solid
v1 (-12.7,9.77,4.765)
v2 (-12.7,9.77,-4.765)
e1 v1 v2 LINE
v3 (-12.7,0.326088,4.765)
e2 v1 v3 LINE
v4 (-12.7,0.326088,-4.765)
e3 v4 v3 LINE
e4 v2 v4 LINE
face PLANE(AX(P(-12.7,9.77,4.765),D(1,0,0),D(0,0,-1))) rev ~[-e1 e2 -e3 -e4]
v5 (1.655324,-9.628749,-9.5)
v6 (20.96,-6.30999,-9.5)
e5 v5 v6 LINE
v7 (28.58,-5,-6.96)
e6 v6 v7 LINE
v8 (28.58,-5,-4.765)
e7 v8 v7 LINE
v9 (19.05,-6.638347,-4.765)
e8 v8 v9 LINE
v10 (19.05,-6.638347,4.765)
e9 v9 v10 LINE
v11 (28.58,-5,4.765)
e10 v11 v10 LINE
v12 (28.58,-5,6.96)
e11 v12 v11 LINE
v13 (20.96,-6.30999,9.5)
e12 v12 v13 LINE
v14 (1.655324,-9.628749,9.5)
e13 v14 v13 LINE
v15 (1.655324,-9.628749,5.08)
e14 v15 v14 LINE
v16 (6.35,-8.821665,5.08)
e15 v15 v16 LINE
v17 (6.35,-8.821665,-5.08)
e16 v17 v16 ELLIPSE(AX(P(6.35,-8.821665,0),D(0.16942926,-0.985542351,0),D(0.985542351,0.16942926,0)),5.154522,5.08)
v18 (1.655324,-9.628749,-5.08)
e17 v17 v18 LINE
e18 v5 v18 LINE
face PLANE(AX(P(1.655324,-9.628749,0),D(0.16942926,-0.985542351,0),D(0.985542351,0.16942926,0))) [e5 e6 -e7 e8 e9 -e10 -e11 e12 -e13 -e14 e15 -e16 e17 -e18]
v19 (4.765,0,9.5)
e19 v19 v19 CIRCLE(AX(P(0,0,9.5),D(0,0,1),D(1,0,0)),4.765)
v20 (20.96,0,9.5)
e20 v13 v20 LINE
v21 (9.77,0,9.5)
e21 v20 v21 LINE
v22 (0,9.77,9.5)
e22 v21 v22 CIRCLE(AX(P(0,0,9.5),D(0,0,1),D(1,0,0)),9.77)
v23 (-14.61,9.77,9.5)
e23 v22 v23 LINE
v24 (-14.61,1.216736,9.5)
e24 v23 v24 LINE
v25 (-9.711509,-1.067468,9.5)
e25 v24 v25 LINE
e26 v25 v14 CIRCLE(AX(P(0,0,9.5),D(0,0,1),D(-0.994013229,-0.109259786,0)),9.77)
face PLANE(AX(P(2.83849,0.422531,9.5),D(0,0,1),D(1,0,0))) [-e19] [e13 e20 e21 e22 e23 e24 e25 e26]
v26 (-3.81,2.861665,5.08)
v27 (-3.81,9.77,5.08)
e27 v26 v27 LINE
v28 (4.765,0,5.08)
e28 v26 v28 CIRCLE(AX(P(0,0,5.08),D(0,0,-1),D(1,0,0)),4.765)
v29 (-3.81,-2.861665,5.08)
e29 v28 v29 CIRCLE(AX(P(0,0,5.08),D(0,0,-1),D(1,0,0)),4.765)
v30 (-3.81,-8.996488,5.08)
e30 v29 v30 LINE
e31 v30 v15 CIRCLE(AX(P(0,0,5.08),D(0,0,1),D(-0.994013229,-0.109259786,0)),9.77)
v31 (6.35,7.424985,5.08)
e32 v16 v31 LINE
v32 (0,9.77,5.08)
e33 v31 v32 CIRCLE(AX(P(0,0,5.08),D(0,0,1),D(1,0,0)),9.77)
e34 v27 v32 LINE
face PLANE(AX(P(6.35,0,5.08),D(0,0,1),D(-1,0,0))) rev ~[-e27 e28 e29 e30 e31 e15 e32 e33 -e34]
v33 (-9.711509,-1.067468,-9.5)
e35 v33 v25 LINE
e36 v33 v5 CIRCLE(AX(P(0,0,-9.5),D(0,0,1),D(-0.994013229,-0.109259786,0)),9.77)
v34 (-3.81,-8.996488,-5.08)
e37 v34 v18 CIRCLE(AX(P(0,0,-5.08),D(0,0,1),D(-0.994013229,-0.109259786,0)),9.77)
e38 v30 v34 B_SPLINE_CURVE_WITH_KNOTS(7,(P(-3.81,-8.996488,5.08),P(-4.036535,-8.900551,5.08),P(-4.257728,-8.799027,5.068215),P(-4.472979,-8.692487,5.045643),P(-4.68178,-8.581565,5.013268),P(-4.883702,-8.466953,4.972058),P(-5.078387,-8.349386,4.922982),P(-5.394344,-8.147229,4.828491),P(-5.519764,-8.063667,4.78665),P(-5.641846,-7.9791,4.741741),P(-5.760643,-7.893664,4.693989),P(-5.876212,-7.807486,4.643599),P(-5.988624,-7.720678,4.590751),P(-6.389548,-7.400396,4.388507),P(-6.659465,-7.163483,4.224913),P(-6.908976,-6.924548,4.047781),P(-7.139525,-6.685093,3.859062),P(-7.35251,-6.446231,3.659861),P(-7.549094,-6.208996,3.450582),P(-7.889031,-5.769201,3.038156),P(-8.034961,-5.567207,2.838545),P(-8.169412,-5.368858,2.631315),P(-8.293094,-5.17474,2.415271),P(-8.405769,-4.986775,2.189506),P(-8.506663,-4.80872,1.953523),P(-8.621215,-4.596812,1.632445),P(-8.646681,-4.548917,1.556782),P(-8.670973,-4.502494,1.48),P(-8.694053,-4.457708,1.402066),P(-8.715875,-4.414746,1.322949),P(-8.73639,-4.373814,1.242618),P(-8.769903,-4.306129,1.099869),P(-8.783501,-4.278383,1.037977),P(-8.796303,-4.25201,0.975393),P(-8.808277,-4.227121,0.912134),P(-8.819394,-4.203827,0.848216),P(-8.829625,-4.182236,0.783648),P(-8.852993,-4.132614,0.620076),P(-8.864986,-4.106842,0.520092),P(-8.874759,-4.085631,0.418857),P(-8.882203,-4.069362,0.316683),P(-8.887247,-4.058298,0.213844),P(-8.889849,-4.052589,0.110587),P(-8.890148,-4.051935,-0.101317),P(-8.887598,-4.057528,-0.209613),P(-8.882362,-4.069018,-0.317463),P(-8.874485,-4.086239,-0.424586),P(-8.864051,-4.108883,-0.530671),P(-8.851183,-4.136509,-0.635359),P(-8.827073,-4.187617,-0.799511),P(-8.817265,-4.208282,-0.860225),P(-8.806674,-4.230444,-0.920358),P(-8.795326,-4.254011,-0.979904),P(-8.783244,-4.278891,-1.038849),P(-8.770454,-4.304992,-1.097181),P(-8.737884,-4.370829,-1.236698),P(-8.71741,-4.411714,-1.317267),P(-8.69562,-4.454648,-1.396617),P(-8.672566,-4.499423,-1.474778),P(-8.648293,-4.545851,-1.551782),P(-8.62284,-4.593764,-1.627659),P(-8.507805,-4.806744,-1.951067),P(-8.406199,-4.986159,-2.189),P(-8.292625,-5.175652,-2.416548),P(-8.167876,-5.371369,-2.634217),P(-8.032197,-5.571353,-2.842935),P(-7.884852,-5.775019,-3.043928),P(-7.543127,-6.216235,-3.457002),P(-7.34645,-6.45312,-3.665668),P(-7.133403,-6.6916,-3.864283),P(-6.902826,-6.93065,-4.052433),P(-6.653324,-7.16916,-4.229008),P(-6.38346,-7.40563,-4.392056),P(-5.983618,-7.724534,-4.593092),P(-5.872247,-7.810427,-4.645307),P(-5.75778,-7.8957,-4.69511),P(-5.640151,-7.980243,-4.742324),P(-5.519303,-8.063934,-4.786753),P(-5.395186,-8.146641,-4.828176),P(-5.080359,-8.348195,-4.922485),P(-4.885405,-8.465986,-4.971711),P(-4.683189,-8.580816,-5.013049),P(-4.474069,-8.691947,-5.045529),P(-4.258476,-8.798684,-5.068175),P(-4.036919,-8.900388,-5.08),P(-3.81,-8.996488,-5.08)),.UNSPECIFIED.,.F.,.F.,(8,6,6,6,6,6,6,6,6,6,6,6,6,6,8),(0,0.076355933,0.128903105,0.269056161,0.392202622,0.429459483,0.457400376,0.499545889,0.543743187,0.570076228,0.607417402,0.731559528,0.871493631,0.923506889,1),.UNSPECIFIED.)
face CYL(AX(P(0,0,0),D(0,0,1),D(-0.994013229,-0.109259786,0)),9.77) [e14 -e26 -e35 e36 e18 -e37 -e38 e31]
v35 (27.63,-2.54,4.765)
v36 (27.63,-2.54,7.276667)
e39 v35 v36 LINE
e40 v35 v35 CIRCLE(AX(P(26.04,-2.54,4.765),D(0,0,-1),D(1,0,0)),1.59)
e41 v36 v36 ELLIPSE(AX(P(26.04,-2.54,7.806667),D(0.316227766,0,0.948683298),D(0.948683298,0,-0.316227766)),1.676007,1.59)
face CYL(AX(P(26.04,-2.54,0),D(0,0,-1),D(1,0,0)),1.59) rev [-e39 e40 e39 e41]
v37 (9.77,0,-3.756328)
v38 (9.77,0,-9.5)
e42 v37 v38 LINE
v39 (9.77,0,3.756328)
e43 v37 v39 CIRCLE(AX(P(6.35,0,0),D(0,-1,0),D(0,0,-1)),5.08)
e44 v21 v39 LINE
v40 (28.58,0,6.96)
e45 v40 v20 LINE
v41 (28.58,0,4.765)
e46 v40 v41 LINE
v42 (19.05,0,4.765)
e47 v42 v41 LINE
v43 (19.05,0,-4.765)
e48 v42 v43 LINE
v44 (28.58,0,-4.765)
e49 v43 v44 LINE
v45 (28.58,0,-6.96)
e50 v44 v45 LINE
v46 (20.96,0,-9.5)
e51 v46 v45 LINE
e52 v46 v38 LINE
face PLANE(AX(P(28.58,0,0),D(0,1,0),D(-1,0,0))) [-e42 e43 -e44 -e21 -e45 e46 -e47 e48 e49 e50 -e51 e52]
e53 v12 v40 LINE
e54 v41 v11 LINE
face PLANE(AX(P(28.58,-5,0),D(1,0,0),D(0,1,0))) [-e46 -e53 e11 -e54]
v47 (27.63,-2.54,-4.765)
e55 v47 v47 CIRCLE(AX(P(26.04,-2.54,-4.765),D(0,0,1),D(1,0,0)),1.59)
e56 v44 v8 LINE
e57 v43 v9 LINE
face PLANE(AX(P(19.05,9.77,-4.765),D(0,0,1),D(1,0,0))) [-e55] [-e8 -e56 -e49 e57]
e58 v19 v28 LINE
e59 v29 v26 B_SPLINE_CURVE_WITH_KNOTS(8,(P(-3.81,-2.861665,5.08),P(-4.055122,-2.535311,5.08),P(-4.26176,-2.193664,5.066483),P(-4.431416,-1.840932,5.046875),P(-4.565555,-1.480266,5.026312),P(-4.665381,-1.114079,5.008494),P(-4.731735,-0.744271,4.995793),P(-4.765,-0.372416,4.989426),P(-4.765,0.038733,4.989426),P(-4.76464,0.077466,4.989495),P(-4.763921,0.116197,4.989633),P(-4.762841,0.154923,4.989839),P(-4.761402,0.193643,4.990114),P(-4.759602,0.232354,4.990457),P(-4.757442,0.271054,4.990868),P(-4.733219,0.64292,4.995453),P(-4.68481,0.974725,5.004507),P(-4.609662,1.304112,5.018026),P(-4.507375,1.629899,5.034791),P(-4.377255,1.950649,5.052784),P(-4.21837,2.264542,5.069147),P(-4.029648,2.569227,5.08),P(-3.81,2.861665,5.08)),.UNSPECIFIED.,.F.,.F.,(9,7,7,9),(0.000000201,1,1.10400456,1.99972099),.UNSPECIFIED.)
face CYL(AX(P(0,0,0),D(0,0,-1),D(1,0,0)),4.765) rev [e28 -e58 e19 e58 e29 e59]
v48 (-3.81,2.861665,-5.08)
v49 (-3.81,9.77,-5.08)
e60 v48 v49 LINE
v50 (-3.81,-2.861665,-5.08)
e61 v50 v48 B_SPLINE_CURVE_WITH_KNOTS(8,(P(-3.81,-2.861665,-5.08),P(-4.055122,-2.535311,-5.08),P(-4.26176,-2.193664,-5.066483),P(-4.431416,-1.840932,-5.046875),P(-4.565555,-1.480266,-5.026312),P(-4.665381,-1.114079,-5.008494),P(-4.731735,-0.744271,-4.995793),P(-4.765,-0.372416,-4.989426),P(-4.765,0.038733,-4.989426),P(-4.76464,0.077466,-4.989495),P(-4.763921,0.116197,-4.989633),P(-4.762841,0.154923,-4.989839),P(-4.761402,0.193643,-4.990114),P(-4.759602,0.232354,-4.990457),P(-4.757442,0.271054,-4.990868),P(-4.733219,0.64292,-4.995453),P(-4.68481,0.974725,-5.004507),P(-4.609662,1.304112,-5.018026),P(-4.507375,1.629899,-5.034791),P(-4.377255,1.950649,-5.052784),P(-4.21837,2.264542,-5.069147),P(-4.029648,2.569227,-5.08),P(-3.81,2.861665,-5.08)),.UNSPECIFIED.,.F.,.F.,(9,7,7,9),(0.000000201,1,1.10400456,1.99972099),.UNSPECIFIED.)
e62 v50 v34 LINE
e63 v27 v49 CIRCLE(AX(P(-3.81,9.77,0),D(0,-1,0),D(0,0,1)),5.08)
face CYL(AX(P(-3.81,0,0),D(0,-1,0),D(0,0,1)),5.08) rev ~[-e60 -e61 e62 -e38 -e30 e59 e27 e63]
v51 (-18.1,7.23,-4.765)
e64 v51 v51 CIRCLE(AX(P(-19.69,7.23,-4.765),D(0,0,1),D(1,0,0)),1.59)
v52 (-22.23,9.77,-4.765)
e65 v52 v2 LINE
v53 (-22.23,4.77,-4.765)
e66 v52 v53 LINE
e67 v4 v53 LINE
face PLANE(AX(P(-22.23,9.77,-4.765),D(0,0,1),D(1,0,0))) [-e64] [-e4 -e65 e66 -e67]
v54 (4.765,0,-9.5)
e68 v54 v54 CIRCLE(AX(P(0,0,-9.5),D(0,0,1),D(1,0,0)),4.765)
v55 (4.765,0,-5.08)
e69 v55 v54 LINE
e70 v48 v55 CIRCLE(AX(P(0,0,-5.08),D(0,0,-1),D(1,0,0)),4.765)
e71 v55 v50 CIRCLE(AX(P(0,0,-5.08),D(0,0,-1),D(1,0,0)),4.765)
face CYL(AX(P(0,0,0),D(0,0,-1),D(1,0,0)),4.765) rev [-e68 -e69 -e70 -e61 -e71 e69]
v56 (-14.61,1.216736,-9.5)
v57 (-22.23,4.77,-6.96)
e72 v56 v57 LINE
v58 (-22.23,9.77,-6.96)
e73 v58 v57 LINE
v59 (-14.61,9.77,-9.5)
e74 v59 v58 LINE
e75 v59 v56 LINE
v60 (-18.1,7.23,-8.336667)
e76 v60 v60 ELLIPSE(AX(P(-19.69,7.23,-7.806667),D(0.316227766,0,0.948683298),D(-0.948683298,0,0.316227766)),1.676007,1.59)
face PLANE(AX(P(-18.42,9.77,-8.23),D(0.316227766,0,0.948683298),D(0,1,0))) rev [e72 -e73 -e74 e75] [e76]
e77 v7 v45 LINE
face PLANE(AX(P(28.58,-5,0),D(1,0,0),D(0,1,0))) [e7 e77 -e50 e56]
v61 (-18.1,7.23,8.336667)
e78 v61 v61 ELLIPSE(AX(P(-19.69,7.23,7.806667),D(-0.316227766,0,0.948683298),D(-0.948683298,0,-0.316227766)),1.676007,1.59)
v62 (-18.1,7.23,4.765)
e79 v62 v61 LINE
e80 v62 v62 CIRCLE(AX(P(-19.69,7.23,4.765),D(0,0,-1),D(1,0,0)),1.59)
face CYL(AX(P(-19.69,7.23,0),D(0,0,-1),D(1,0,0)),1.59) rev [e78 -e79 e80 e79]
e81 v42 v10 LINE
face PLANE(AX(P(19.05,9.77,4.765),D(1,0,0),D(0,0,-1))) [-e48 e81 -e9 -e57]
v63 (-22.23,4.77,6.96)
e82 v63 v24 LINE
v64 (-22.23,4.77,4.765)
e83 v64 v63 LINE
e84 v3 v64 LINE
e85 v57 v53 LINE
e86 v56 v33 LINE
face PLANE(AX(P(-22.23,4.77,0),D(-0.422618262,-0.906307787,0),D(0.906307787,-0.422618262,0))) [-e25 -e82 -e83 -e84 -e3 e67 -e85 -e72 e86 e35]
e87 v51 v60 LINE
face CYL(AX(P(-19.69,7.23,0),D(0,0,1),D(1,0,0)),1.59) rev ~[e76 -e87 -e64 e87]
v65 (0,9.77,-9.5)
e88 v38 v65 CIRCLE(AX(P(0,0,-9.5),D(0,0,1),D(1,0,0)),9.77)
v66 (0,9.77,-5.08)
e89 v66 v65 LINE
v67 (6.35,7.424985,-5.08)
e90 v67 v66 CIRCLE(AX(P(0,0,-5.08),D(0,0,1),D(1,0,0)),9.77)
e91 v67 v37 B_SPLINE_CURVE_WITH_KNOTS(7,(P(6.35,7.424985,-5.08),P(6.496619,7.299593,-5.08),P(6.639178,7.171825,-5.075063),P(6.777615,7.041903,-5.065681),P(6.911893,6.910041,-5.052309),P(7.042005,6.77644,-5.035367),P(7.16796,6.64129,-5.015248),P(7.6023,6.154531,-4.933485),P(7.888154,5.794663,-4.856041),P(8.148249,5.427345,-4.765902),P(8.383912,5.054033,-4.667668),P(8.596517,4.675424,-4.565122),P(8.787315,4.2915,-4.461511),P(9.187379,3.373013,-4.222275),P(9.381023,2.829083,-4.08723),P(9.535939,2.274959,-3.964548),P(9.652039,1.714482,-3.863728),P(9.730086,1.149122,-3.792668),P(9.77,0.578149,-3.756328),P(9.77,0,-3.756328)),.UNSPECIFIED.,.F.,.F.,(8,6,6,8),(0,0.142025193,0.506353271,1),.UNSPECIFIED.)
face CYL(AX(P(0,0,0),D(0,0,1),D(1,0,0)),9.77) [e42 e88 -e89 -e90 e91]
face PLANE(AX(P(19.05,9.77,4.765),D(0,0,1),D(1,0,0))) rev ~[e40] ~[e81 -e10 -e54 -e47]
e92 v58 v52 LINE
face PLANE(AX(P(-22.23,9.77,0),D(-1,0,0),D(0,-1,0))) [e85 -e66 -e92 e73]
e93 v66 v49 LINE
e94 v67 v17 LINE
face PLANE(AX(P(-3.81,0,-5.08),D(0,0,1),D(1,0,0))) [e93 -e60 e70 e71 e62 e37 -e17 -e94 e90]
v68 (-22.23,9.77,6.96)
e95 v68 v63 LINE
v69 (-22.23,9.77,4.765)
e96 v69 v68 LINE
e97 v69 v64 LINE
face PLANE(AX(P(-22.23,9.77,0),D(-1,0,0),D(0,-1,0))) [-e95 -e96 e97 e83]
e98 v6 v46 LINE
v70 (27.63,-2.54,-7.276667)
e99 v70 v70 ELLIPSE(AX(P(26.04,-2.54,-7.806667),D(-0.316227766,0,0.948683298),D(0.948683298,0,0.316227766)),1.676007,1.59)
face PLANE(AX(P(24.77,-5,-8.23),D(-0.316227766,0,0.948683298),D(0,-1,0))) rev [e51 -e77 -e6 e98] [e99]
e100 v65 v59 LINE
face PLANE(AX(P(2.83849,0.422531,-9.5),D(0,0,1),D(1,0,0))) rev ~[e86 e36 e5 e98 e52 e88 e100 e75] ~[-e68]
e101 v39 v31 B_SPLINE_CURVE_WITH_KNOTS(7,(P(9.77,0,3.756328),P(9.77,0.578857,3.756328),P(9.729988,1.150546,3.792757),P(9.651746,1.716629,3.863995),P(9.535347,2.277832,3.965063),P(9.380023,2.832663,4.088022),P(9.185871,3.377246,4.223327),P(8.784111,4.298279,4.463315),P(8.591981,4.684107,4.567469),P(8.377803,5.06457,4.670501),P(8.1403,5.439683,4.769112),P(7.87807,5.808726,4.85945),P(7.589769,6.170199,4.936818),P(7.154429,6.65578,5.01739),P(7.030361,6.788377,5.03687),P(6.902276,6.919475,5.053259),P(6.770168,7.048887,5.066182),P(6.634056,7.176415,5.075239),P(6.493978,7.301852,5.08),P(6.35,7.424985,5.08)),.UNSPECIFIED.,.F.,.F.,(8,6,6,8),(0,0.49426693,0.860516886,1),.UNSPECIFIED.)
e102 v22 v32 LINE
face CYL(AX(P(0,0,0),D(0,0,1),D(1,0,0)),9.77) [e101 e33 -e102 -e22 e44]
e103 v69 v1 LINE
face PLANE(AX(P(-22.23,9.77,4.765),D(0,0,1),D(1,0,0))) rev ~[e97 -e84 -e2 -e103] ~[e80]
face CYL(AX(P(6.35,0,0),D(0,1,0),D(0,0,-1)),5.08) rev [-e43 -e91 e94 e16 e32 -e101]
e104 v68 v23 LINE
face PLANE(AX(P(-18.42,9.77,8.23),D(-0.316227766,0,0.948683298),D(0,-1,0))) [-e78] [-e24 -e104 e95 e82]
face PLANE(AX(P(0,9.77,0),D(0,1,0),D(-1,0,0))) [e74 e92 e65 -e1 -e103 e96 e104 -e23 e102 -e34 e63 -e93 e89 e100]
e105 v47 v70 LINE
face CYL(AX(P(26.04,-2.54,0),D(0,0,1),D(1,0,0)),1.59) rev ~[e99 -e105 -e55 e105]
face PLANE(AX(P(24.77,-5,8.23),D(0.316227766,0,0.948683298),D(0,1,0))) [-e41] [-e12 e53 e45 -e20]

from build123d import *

# Parameters (mm, degrees)
SKETCH1_R               = 4.765
BOSS_EXTRUDE1_DEPTH     = 9.5
CHAMFER1_SIZE           = 7.62
CHAMFER1_SIZE2          = 2.54
CHAMFER2_SIZE           = 2.54
CHAMFER2_SIZE2          = 7.62
CHAMFER2_PART_2_SIZE    = 2.54
CHAMFER2_PART_2_SIZE2   = 7.62
SKETCH5_W               = 9.53
SKETCH5_H               = 9.53
CUT_EXTRUDE1_DEPTH      = 20.54
CUT_EXTRUDE2_DEPTH      = 10.77
CUT_EXTRUDE2_DEPTH_BACK = 10.77
SKETCH7_R               = 1.59
CUT_EXTRUDE3_DEPTH      = 10.5000001
CUT_EXTRUDE3_DEPTH_BACK = 10.5000001


with BuildPart() as part:
    # Sketch1 → Boss-Extrude1 (new body, symmetric)
    with BuildSketch(Plane.XY):
        with BuildLine():
            Line((0, 9.77), (-22.23, 9.77))
            Line((-22.23, 9.77), (-22.23, 4.77))
            Line((-22.23, 4.77), (-9.711509246, -1.067468107))
            ThreePointArc((-9.711509246, -1.067468107), (-5.877874817, -7.804068659), (1.655323868, -9.628748771))
            Line((1.655323868, -9.628748771), (28.58, -5))
            Line((28.58, -5), (28.58, 0))
            Line((28.58, 0), (9.77, 0))
            ThreePointArc((9.77, 0), (6.908433252, 6.908433252), (0, 9.77))
        make_face()
        Circle(SKETCH1_R, mode=Mode.SUBTRACT)
    extrude(amount=BOSS_EXTRUDE1_DEPTH, both=True)

    # Chamfer1
    chamfer1_edges = [part.edges().sort_by_distance(p)[0] for p in [
        (-22.23, 7.27, -9.5),
        (28.58, -2.5, -9.5),
    ]]
    chamfer1_side = [part.faces().sort_by_distance(p)[0] for p in [
        (-11.115, 9.225622585, -9.5),
    ]]
    chamfer(chamfer1_edges, length=CHAMFER1_SIZE, length2=CHAMFER1_SIZE2, reference=chamfer1_side[0])

    # Chamfer2
    chamfer2_edges = [part.edges().sort_by_distance(p)[0] for p in [
        (-22.23, 7.27, 9.5),
    ]]
    chamfer2_side = [part.faces().sort_by_distance(p)[0] for p in [
        (-22.23, 7.27, 1.27),
    ]]
    chamfer(chamfer2_edges, length=CHAMFER2_SIZE, length2=CHAMFER2_SIZE2, reference=chamfer2_side[0])

    # Chamfer2 part 2
    chamfer2_part_2_edges = [part.edges().sort_by_distance(p)[0] for p in [
        (28.58, -2.5, 9.5),
    ]]
    chamfer2_part_2_side = [part.faces().sort_by_distance(p)[0] for p in [
        (28.58, -2.5, 1.27),
    ]]
    chamfer(chamfer2_part_2_edges, length=CHAMFER2_PART_2_SIZE, length2=CHAMFER2_PART_2_SIZE2, reference=chamfer2_part_2_side[0])

    # Sketch5 → Cut-Extrude1 (cut, through all)
    with BuildSketch(Plane(origin=(0, 9.77, 0), x_dir=(1, 0, 0), z_dir=(0, 1, 0))):
        with Locations((-17.465, 0)):
            Rectangle(SKETCH5_W, SKETCH5_H)
        with Locations((23.815, 0)):
            Rectangle(SKETCH5_W, SKETCH5_H)
    extrude(amount=-CUT_EXTRUDE1_DEPTH, mode=Mode.SUBTRACT)

    # Sketch6 → Cut-Extrude2 (cut, two sides)
    with BuildSketch(Plane(origin=(0, 0, 0), x_dir=(1, 0, 0), z_dir=(0, 1, 0))) as cut_extrude2_sk:
        with BuildLine():
            Line((-3.81, 5.08), (6.35, 5.08))
            ThreePointArc((6.35, 5.08), (11.43, 0), (6.35, -5.08))
            Line((6.35, -5.08), (-3.81, -5.08))
            ThreePointArc((-3.81, -5.08), (-8.89, 0), (-3.81, 5.08))
        make_face()
    extrude(amount=CUT_EXTRUDE2_DEPTH, mode=Mode.SUBTRACT)
    extrude(cut_extrude2_sk.sketch, amount=-CUT_EXTRUDE2_DEPTH_BACK, mode=Mode.SUBTRACT)

    # Sketch7 → Cut-Extrude3 (cut, two sides)
    with BuildSketch(Plane.XY) as cut_extrude3_sk:
        with Locations((-19.69, 7.23)):
            Circle(SKETCH7_R)
        with Locations((26.04, -2.54)):
            Circle(SKETCH7_R)
    extrude(amount=CUT_EXTRUDE3_DEPTH, mode=Mode.SUBTRACT)
    extrude(cut_extrude3_sk.sketch, amount=-CUT_EXTRUDE3_DEPTH_BACK, mode=Mode.SUBTRACT)


solid = part.part
